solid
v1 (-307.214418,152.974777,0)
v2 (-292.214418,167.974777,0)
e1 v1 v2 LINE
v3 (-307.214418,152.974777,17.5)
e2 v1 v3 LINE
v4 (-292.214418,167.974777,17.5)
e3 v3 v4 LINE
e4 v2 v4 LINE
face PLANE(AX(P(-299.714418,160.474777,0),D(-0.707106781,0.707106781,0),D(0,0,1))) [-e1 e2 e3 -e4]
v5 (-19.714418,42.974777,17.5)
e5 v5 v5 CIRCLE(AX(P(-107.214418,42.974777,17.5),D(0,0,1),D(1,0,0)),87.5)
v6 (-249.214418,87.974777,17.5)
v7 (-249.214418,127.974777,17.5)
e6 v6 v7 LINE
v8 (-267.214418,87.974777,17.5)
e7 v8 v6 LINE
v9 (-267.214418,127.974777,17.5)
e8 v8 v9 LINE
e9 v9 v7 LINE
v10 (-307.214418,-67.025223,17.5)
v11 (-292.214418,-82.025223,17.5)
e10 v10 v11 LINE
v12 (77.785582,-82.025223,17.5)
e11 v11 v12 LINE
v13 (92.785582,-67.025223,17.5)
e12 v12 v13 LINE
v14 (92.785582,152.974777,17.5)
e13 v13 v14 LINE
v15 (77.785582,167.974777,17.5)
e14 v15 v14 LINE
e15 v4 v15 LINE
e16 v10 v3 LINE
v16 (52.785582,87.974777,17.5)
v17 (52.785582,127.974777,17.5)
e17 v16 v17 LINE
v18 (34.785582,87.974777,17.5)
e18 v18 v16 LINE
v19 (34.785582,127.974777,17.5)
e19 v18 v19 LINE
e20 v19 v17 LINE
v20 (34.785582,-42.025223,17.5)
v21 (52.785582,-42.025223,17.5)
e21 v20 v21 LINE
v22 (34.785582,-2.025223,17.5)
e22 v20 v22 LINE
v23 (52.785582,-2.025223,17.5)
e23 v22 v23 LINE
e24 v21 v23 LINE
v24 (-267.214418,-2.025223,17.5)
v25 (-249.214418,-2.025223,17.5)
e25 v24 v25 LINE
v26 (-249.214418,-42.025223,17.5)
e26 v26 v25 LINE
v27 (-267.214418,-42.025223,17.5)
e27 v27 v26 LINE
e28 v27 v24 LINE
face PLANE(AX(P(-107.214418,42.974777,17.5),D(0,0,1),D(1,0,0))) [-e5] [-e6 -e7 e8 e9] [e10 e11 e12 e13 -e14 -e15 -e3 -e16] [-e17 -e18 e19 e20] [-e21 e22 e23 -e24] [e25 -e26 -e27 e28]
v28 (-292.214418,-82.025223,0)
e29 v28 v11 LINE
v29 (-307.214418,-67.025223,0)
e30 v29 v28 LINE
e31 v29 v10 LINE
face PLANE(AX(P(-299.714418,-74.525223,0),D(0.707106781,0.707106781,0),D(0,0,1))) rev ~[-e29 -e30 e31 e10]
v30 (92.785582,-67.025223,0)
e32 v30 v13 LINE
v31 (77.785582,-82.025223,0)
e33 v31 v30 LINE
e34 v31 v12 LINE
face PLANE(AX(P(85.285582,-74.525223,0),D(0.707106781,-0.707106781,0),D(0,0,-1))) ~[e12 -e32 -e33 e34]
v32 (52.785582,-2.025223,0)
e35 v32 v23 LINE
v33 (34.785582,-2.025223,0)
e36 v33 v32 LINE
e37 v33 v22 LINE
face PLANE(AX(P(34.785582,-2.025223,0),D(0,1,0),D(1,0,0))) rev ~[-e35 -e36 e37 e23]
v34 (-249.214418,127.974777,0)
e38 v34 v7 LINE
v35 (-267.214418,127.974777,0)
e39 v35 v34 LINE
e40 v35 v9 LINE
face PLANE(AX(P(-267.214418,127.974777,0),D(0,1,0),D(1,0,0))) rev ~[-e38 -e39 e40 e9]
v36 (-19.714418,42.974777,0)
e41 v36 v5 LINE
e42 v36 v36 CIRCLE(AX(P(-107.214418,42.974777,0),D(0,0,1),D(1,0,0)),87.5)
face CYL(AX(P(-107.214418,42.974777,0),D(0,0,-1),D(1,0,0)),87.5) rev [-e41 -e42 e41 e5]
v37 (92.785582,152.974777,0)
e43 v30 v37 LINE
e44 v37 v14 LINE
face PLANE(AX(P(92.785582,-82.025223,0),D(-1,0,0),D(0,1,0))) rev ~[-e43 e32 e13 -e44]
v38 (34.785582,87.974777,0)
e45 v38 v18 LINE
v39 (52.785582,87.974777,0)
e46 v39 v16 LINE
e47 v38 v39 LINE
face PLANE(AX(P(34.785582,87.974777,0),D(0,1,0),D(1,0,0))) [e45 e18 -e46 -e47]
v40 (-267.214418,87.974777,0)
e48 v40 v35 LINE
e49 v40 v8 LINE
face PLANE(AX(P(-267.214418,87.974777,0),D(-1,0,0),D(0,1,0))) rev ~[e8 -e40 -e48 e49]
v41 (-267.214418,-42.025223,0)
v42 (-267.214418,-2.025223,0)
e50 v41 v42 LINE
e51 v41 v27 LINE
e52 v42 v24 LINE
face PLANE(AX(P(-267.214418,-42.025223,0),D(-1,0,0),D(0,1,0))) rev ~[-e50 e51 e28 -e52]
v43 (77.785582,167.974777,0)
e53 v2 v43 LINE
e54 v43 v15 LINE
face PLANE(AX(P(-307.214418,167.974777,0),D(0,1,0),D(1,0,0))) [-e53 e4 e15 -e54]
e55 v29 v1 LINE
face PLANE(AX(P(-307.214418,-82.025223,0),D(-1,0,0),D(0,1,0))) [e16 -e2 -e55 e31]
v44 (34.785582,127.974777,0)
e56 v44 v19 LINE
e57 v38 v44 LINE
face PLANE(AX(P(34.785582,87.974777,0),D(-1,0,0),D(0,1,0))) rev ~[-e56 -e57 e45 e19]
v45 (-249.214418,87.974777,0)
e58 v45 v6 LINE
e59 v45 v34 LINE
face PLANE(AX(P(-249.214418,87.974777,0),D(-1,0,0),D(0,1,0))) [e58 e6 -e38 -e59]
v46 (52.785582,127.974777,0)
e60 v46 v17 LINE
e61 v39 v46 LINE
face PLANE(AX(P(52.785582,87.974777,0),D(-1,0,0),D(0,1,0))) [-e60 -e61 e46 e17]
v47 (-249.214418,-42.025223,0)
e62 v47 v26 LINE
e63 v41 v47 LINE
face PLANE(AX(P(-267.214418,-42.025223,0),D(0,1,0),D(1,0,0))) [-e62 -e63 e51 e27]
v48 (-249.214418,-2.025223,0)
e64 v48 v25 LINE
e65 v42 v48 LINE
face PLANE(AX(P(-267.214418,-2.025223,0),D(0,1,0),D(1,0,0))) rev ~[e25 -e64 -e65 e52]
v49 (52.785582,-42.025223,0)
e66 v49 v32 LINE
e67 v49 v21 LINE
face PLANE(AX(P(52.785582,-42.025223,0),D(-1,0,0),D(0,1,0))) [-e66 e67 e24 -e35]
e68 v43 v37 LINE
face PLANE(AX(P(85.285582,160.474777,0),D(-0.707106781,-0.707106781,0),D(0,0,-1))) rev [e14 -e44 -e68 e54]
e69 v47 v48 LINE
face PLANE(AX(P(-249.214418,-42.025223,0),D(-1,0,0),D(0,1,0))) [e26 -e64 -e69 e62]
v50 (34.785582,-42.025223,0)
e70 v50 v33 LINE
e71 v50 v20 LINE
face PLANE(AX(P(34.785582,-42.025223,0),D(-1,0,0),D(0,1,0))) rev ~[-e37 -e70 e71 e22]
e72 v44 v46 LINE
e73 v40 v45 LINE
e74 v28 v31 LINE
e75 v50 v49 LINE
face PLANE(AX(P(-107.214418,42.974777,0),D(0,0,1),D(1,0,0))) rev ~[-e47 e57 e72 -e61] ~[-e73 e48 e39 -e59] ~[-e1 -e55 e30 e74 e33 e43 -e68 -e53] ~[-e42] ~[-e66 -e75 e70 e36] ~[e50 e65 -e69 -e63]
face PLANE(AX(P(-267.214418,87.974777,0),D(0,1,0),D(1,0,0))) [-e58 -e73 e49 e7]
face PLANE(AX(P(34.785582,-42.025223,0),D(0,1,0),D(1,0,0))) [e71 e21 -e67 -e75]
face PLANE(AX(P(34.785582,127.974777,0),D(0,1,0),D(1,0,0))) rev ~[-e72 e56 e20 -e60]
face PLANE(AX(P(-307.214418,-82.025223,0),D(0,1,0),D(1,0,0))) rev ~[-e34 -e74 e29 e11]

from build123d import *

# Parameters (mm, degrees)
F0_W     = 400
F0_H     = 250
F0_W_2   = 18
F0_H_2   = 40
F0_R     = 87.5
F1_DEPTH = 17.5
F2_SIZE  = 15


with BuildPart() as f1:
    # F0 (on Top) → F1 (new body)
    with BuildSketch(Plane.XY):
        with Locations((-107.214418, 42.974777)):
            Rectangle(F0_W, F0_H)
        with Locations((-258.214418, -22.025223)):
            Rectangle(F0_W_2, F0_H_2, mode=Mode.SUBTRACT)
        with Locations((43.785582, -22.025223)):
            Rectangle(F0_W_2, F0_H_2, mode=Mode.SUBTRACT)
        with Locations((-107.214418, 42.974777)):
            Circle(F0_R, mode=Mode.SUBTRACT)
        with Locations((-258.214418, 107.974777)):
            Rectangle(F0_W_2, F0_H_2, mode=Mode.SUBTRACT)
        with Locations((43.785582, 107.974777)):
            Rectangle(F0_W_2, F0_H_2, mode=Mode.SUBTRACT)
    extrude(amount=F1_DEPTH)

    # F2
    f2_edges = [f1.edges().sort_by_distance(p)[0] for p in [
        (-307.214418, 167.974777, 8.75),
        (92.785582, 167.974777, 8.75),
        (92.785582, -82.025223, 8.75),
        (-307.214418, -82.025223, 8.75),
    ]]
    chamfer(f2_edges, length=F2_SIZE)


solid = f1.part
